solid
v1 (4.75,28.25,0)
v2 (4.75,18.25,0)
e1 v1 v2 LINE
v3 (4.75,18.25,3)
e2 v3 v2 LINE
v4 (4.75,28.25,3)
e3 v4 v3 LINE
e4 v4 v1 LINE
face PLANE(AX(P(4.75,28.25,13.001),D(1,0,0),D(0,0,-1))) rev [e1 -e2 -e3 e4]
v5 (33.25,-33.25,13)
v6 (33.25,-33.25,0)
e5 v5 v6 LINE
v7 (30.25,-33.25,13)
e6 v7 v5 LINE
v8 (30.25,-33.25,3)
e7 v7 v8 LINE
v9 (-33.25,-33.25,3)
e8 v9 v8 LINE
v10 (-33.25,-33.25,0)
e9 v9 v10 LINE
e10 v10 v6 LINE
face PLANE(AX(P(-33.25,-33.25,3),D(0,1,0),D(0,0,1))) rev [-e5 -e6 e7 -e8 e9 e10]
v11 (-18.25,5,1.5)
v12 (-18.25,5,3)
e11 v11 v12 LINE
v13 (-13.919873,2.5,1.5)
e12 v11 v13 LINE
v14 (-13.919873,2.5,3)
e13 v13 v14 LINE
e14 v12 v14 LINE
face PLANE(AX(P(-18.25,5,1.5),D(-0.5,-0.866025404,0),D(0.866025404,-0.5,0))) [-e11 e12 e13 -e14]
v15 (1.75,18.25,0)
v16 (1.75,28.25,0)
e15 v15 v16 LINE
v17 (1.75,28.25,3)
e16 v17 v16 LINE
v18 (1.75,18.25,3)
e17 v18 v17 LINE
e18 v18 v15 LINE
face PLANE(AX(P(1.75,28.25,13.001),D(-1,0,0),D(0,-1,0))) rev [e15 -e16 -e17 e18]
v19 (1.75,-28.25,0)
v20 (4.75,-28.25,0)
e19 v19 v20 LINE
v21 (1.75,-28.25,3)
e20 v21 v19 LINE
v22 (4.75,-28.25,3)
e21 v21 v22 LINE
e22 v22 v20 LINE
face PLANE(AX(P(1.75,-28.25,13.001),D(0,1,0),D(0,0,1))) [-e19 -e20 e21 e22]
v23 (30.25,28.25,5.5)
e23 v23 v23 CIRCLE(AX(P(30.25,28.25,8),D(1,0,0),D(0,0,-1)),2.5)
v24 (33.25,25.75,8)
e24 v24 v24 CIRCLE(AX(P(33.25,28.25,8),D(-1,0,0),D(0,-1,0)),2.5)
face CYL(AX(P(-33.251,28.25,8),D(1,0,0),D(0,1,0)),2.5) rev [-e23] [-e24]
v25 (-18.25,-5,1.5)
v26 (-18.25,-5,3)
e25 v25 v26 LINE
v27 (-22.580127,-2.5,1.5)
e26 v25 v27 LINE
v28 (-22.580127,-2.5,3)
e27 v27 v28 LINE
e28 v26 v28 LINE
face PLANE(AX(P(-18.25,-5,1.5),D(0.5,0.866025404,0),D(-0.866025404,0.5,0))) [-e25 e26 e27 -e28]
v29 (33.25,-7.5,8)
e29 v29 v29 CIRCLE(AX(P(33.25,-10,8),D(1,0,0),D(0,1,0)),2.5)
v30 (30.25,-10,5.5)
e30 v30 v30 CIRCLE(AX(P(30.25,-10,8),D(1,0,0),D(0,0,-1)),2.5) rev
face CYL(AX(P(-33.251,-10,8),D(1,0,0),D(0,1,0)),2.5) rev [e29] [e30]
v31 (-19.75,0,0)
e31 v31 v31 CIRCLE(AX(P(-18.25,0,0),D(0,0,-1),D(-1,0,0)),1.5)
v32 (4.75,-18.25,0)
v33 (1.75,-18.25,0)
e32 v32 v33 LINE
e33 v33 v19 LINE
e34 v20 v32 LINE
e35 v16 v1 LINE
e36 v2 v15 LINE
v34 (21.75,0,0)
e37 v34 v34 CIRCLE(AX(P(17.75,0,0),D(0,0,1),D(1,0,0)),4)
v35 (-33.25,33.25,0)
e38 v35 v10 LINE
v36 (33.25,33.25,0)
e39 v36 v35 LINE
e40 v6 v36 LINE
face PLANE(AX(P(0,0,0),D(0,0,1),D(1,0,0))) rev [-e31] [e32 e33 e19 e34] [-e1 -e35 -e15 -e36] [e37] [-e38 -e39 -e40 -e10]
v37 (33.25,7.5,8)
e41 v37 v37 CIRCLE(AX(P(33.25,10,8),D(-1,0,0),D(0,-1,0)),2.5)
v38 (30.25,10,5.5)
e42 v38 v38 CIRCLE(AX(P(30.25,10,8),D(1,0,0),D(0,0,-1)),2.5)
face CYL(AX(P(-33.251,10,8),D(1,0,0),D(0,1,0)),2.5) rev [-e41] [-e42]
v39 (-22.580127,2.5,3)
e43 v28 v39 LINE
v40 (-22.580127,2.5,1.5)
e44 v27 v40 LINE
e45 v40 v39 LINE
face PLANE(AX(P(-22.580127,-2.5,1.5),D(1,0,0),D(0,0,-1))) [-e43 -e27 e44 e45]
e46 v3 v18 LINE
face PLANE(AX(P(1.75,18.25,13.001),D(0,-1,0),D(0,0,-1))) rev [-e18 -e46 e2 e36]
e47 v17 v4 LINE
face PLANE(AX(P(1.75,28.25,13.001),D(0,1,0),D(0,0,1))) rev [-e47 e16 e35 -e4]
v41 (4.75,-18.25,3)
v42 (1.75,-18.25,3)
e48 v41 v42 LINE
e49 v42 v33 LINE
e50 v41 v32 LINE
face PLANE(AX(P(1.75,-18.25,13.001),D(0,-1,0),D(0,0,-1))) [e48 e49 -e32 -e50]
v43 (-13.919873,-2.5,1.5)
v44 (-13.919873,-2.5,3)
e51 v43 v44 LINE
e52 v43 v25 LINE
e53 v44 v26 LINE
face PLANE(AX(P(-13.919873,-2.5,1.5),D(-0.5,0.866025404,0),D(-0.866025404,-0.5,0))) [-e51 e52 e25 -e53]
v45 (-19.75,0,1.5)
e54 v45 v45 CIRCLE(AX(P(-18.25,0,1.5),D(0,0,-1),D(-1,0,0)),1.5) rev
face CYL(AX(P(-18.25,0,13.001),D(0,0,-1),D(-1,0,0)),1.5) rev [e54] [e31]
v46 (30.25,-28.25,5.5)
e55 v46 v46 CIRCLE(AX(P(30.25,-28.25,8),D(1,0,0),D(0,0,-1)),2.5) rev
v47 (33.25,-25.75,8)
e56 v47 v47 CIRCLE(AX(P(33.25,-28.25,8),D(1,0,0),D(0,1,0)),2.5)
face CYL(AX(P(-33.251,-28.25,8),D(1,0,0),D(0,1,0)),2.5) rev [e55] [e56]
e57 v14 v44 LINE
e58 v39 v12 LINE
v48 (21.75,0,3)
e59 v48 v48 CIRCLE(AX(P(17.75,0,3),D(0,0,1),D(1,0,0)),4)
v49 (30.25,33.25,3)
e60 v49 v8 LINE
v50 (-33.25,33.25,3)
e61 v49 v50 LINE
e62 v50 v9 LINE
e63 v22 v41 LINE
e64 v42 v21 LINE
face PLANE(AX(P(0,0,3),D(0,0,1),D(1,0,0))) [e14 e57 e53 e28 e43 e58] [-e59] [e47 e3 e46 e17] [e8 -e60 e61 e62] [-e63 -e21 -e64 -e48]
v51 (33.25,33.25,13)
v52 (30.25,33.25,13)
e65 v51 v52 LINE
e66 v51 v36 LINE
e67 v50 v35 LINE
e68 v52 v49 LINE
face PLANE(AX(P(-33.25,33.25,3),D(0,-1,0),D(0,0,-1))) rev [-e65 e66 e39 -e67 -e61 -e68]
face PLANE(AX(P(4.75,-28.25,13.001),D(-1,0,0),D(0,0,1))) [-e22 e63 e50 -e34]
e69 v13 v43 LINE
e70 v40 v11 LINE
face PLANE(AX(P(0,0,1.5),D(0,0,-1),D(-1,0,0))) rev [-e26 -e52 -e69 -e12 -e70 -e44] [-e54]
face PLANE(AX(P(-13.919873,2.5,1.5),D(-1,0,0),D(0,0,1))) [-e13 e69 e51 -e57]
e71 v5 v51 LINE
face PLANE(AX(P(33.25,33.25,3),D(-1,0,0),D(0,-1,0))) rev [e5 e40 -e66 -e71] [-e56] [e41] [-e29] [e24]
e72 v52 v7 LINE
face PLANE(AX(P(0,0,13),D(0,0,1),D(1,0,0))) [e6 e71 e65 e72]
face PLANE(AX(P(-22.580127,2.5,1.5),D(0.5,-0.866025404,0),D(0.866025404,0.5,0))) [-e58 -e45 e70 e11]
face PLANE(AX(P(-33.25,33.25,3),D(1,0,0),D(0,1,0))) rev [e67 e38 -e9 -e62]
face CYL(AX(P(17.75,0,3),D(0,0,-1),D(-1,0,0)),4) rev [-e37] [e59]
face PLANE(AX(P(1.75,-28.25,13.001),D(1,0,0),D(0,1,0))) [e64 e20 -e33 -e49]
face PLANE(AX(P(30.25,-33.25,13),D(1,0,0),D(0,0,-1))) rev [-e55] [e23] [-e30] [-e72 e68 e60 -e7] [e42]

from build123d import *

# Parameters (mm, degrees)
SKETCH1_W           = 66.5
SKETCH1_H           = 66.5
SKETCH1_R           = 4
BOSS_EXTRUDE1_DEPTH = 3
SKETCH3_W           = 3
SKETCH3_H           = 66.5
BOSS_EXTRUDE2_DEPTH = 10
CUT_EXTRUDE1_REACH  = 77.477
SKETCH5_R           = 2.5
CUT_EXTRUDE2_REACH  = 50.787
SKETCH6_W           = 3
SKETCH6_H           = 10
CUT_EXTRUDE5_DEPTH  = 1.5
CUT_EXTRUDE6_REACH  = 50.787
SKETCH9_R           = 1.5


with BuildPart() as part:
    # Sketch1 → Boss-Extrude1 (new body)
    with BuildSketch(Plane.XY):
        Rectangle(SKETCH1_W, SKETCH1_H)
        with Locations((17.75, 0)):
            Circle(SKETCH1_R, mode=Mode.SUBTRACT)
    extrude(amount=BOSS_EXTRUDE1_DEPTH)

    # Sketch3 → Boss-Extrude2 (add)
    with BuildSketch(Plane.XY.offset(3)):
        with Locations((31.75, 0)):
            Rectangle(SKETCH3_W, SKETCH3_H)
    extrude(amount=BOSS_EXTRUDE2_DEPTH)

    # Sketch5 → Cut-Extrude1 (cut, up to next)
    with BuildSketch(Plane(origin=(33.25, 0, 0), x_dir=(0, 0, -1), z_dir=(1, 0, 0)), mode=Mode.PRIVATE) as cut_extrude1_sk1:
        with Locations(Location((-8, -28.25, 0), (0, 0, 90))):
            Circle(SKETCH5_R)
    cut_extrude1_tool1 = extrude(cut_extrude1_sk1.sketch, amount=-CUT_EXTRUDE1_REACH, mode=Mode.PRIVATE) & part.part
    # Sketch5 → Cut-Extrude1 (cut, up to next)
    with BuildSketch(Plane(origin=(33.25, 0, 0), x_dir=(0, 0, -1), z_dir=(1, 0, 0)), mode=Mode.PRIVATE) as cut_extrude1_sk2:
        with Locations(Location((-8, -10, 0), (0, 0, 90))):
            Circle(SKETCH5_R)
    cut_extrude1_tool2 = extrude(cut_extrude1_sk2.sketch, amount=-CUT_EXTRUDE1_REACH, mode=Mode.PRIVATE) & part.part
    cut_extrude1_1 = cut_extrude1_tool1.solids().sort_by_distance((33.25, -28.25, 8))[0]
    add(cut_extrude1_1, mode=Mode.SUBTRACT)
    cut_extrude1_2 = cut_extrude1_tool2.solids().sort_by_distance((33.25, -10, 8))[0]
    add(cut_extrude1_2, mode=Mode.SUBTRACT)
    cut_extrude1 = cut_extrude1_1 + cut_extrude1_2  # Cut-Extrude1 as one shape, for the pattern or mirror that repeats it

    # Mirror2: Cut-Extrude1 across plane
    add(cut_extrude1.mirror(Plane.ZX), mode=Mode.SUBTRACT)

    # Sketch6 → Cut-Extrude2 (cut, up to next)
    with BuildSketch(Plane(origin=(0, 0, 0), x_dir=(-1, 0, 0), z_dir=(0, 0, -1)), mode=Mode.PRIVATE) as cut_extrude2_sk1:
        with Locations((-3.25, 23.25)):
            Rectangle(SKETCH6_W, SKETCH6_H)
    cut_extrude2_tool1 = extrude(cut_extrude2_sk1.sketch, amount=-CUT_EXTRUDE2_REACH, mode=Mode.PRIVATE) & part.part
    cut_extrude2 = cut_extrude2_tool1.solids().sort_by_distance((3.25, 23.25, 0))[0]
    add(cut_extrude2, mode=Mode.SUBTRACT)

    # Mirror3: Cut-Extrude2 across plane
    add(cut_extrude2.mirror(Plane.ZX), mode=Mode.SUBTRACT)

    # Sketch7 → Cut-Extrude5 (cut)
    with BuildSketch(Plane(origin=(0, 0, 3), x_dir=(-1, 0, 0), z_dir=(0, 0, -1))):
        Polygon((18.25, -5), (22.580127019, -2.5), (22.580127019, 2.5), (18.25, 5), (13.919872981, 2.5), (13.919872981, -2.5), align=None)
    extrude(amount=CUT_EXTRUDE5_DEPTH, mode=Mode.SUBTRACT)

    # Sketch9 → Cut-Extrude6 (cut, up to next)
    with BuildSketch(Plane(origin=(0, 0, 0), x_dir=(-1, 0, 0), z_dir=(0, 0, -1)), mode=Mode.PRIVATE) as cut_extrude6_sk1:
        with Locations((18.25, 0)):
            Circle(SKETCH9_R)
    cut_extrude6_tool1 = extrude(cut_extrude6_sk1.sketch, amount=-CUT_EXTRUDE6_REACH, mode=Mode.PRIVATE) & part.part
    add(cut_extrude6_tool1.solids().sort_by_distance((-18.25, 0, 0))[0], mode=Mode.SUBTRACT)


solid = part.part
